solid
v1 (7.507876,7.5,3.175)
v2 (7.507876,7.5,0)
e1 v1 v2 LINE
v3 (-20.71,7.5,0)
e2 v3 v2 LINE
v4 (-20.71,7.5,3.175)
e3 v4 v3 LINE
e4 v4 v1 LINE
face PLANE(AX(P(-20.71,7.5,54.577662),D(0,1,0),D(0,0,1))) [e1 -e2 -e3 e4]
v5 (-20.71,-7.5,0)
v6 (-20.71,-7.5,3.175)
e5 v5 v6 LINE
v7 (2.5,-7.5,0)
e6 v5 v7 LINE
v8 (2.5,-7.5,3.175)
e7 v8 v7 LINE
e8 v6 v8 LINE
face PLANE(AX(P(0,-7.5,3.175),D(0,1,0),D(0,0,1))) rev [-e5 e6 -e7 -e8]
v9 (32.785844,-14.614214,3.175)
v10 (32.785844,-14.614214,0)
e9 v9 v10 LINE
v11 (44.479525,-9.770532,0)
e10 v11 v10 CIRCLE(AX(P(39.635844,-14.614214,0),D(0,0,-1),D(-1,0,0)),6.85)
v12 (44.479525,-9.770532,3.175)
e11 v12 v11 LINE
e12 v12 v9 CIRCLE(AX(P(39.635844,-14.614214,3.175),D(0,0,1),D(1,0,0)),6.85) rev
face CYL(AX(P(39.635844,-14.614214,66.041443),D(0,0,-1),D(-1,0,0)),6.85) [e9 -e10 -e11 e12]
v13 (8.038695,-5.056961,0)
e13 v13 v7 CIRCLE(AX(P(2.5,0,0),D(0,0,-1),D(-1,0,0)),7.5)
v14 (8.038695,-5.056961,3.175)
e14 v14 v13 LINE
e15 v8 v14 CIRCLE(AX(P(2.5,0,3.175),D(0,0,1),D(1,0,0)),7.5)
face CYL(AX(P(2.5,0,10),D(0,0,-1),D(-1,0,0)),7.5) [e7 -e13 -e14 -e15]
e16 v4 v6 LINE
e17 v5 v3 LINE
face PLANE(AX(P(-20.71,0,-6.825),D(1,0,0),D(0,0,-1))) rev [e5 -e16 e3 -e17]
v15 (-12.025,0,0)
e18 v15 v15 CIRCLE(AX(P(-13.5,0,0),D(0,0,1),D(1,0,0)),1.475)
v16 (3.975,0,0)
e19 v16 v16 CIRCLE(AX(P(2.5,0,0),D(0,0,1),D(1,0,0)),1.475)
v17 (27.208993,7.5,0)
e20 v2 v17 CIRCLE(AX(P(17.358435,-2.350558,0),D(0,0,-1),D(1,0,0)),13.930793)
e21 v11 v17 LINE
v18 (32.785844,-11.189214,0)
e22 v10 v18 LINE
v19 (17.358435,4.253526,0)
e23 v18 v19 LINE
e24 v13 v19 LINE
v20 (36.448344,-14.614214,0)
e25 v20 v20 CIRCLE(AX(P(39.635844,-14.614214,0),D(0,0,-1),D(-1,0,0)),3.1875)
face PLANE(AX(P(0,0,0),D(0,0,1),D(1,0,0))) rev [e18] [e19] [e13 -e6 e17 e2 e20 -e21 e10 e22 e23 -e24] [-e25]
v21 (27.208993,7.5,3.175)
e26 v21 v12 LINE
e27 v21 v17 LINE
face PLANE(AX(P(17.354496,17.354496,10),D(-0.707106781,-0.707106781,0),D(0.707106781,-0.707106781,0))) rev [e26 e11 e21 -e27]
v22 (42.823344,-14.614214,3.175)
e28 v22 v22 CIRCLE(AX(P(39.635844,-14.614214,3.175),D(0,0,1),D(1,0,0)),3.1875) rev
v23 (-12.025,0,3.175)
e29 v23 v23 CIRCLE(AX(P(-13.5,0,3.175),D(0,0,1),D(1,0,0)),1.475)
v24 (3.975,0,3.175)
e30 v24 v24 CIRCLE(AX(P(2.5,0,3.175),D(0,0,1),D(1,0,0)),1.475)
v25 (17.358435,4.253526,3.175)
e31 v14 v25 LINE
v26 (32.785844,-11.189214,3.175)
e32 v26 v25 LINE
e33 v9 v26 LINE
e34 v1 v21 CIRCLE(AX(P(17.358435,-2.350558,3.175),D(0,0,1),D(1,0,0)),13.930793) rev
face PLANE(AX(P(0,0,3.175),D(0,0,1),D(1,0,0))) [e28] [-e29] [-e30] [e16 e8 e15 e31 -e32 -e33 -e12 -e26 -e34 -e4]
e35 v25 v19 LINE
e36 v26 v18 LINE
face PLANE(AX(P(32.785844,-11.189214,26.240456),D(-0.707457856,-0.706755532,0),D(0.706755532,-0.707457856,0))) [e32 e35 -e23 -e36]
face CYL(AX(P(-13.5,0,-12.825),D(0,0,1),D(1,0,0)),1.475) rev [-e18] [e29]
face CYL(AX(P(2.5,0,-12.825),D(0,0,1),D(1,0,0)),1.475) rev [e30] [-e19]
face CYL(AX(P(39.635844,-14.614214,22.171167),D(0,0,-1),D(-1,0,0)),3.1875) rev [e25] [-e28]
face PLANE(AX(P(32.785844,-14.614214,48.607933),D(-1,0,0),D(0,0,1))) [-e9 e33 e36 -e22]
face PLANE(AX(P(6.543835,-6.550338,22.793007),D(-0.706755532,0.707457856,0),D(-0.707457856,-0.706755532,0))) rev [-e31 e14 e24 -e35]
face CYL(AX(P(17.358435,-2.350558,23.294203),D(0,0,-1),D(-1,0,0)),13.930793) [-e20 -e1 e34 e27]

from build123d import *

# Parameters (mm, degrees)
SKETCH1_R            = 3.175
SKETCH1_R_2          = 4.8
BOSS_EXTRUDE1_DEPTH  = 3.175
SKETCH2_W            = 15
SKETCH2_H            = 3.175
CUT_EXTRUDE1_DEPTH   = 46.731068487
CUT_EXTRUDE2_START   = -10
CUT_EXTRUDE2_DEPTH   = 10
SKETCH4_W            = 11.581741037
SKETCH4_H            = 5.573186054
BOSS_EXTRUDE2_DEPTH  = 3.175
SKETCH5_R            = 1.475
CUT_EXTRUDE3_DEPTH   = 16
SKETCH6_W            = 21.273258962
SKETCH6_H            = 7.408259511
BOSS_EXTRUDE4_DEPTH  = 3.175
SKETCH12_R           = 4.8
CUT_EXTRUDE5_DEPTH   = 10
SKETCH15_R           = 4.85
BOSS_EXTRUDE10_DEPTH = 3.175
BOSS_EXTRUDE11_DEPTH = 3.175
BOSS_EXTRUDE12_DEPTH = 3.175
CUT_EXTRUDE6_DEPTH   = 10
CUT_EXTRUDE7_DEPTH   = 10
BOSS_EXTRUDE13_DEPTH = 3.175
BOSS_EXTRUDE14_DEPTH = 3.175
CUT_EXTRUDE8_DEPTH   = 10
SKETCH8_W            = 10
SKETCH8_H            = 3.175
CUT_EXTRUDE4_DEPTH   = 10
BOSS_EXTRUDE15_DEPTH = 3.175
CUT_EXTRUDE10_DEPTH  = 10
CUT_EXTRUDE11_DEPTH  = 10
BOSS_EXTRUDE16_DEPTH = 3.175
CUT_EXTRUDE12_DEPTH  = 3.175
BOSS_EXTRUDE18_DEPTH = 3.175
CUT_EXTRUDE13_DEPTH  = 3.175
BOSS_EXTRUDE19_DEPTH = 3.175
SKETCH32_R           = 6.716159248
SKETCH32_R_2         = 3.1875
BOSS_EXTRUDE20_DEPTH = 3.175


with BuildPart() as part:
    # Sketch1 → Boss-Extrude1 (new body)
    with BuildSketch(Plane.XY):
        with BuildLine():
            Line((-37.5, 7.5), (37.5, 7.5))
            ThreePointArc((37.5, 7.5), (45, 0), (37.5, -7.5))
            Line((37.5, -7.5), (-37.5, -7.5))
            ThreePointArc((-37.5, -7.5), (-45, 0), (-37.5, 7.5))
        make_face()
        with Locations((-37.5, 0)):
            Circle(SKETCH1_R, mode=Mode.SUBTRACT)
        with Locations((37.5, 0)):
            Circle(SKETCH1_R_2, mode=Mode.SUBTRACT)
    extrude(amount=BOSS_EXTRUDE1_DEPTH)

    # Sketch2 → Cut-Extrude1 (cut, through all)
    with BuildSketch(Plane.XY.offset(3.175)):
        with Locations((-17.5, 0.21703664)):
            Rectangle(SKETCH2_W, SKETCH2_H)
        with Locations((17.5, 0.853492694)):
            Rectangle(SKETCH2_W, SKETCH2_H)
    extrude(amount=-CUT_EXTRUDE1_DEPTH, mode=Mode.SUBTRACT)

    # Sketch3 → Cut-Extrude2 (cut)
    with BuildSketch(Plane.XY.offset(3.175).offset(CUT_EXTRUDE2_START)):
        with BuildLine():
            Line((-56.505330914, 0), (-45, 0))
            ThreePointArc((-45, 0), (-42.803300859, 5.303300859), (-37.5, 7.5))
            Line((-37.5, 7.5), (-20.71, 7.5))
            Line((-20.71, 7.5), (-20.71, 17.128469338))
            Line((-20.71, 17.128469338), (-56.505330914, 17.128469338))
            Line((-56.505330914, 17.128469338), (-56.505330914, 0))
        make_face()
        with BuildLine():
            ThreePointArc((-37.5, -7.5), (-42.803300859, -5.303300859), (-45, 0))
            Line((-45, 0), (-56.505330914, 0))
            Line((-56.505330914, 0), (-56.505330914, -10.2398458))
            Line((-56.505330914, -10.2398458), (-20.71, -10.2398458))
            Line((-20.71, -10.2398458), (-20.71, -7.5))
            Line((-20.71, -7.5), (-37.5, -7.5))
        make_face()
        with BuildLine():
            ThreePointArc((-40.675, 0), (-37.5, 3.175), (-34.325, 0))
            Line((-34.325, 0), (-25, 0))
            Line((-25, 0), (-25, 1.80453664))
            Line((-25, 1.80453664), (-20.71, 1.80453664))
            Line((-20.71, 1.80453664), (-20.71, 7.5))
            Line((-20.71, 7.5), (-37.5, 7.5))
            ThreePointArc((-37.5, 7.5), (-42.803300859, 5.303300859), (-45, 0))
            Line((-45, 0), (-40.675, 0))
        make_face()
        with BuildLine():
            Line((-25, 0), (-34.325, 0))
            ThreePointArc((-34.325, 0), (-37.5, -3.175), (-40.675, 0))
            Line((-40.675, 0), (-45, 0))
            ThreePointArc((-45, 0), (-42.803300859, -5.303300859), (-37.5, -7.5))
            Line((-37.5, -7.5), (-20.71, -7.5))
            Line((-20.71, -7.5), (-20.71, -1.37046336))
            Line((-20.71, -1.37046336), (-25, -1.37046336))
            Line((-25, -1.37046336), (-25, 0))
        make_face()
    extrude(amount=CUT_EXTRUDE2_DEPTH, mode=Mode.SUBTRACT)

    # Sketch4 → Boss-Extrude2 (add)
    with BuildSketch(Plane.XY.offset(3.175)):
        with Locations((-14.919129482, -0.129821549)):
            Rectangle(SKETCH4_W, SKETCH4_H)
    extrude(amount=-BOSS_EXTRUDE2_DEPTH)

    # Sketch5 → Cut-Extrude3 (cut)
    with BuildSketch(Plane.XY.offset(3.175)):
        with Locations((-13.5, 0)):
            Circle(SKETCH5_R)
        with Locations((2.5, 0)):
            Circle(SKETCH5_R)
    extrude(amount=-CUT_EXTRUDE3_DEPTH, mode=Mode.SUBTRACT)

    # Sketch6 → Boss-Extrude4 (add)
    with BuildSketch(Plane.XY.offset(3.175)):
        with Locations((18.907585517, 0.667769414)):
            Rectangle(SKETCH6_W, SKETCH6_H)
    extrude(amount=-BOSS_EXTRUDE4_DEPTH)

    # Sketch12 → Cut-Extrude5 (cut)
    # profile 1 of 2: a face of its own
    with BuildSketch(Plane(origin=(0, 0, 0), x_dir=(-1, 0, 0), z_dir=(0, 0, -1))):
        with BuildLine():
            Line((-2.5, 7.5), (-37.5, 7.5))
            ThreePointArc((-37.5, 7.5), (-32.196699141, 5.303300859), (-30, 0))
            ThreePointArc((-30, 0), (-32.196699141, -5.303300859), (-37.5, -7.5))
            Line((-37.5, -7.5), (-2.5, -7.5))
            ThreePointArc((-2.5, -7.5), (-10, 0), (-2.5, 7.5))
        make_face()
    # profile 2 of 2: a face of its own
    with BuildSketch(Plane(origin=(0, 0, 0), x_dir=(-1, 0, 0), z_dir=(0, 0, -1))):
        with BuildLine():
            ThreePointArc((-30, 0), (-32.196699141, 5.303300859), (-37.5, 7.5))
            ThreePointArc((-37.5, 7.5), (-45, 0), (-37.5, -7.5))
            ThreePointArc((-37.5, -7.5), (-32.196699141, -5.303300859), (-30, 0))
        make_face()
        with Locations((-37.5, 0)):
            Circle(SKETCH12_R, mode=Mode.SUBTRACT)
    extrude(amount=-CUT_EXTRUDE5_DEPTH, mode=Mode.SUBTRACT)

    # Sketch15 → Boss-Extrude10 (add)
    with BuildSketch(Plane(origin=(0, 0, 0), x_dir=(-1, 0, 0), z_dir=(0, 0, -1))):
        with BuildLine():
            ThreePointArc((-46.001929081, -17.143138466), (-35.871769222, -20.337345998), (-34.79216247, -9.770532392))
            Line((-34.79216247, -9.770532392), (-34.739826286, -9.718196208))
            ThreePointArc((-34.739826286, -9.718196208), (-27.229011247, 7.510815039), (-10, 0))
            ThreePointArc((-10, 0), (-7.803300859, 5.303300859), (-2.5, 7.5))
            ThreePointArc((-2.5, 7.5), (-36.707777113, 17.168137065), (-46.001929081, -17.143138466))
        make_face()
        with Locations((-39.635843921, -14.614213843)):
            Circle(SKETCH15_R, mode=Mode.SUBTRACT)
    extrude(amount=-BOSS_EXTRUDE10_DEPTH)

    # Sketch16 → Boss-Extrude11 (add)
    with BuildSketch(Plane(origin=(0, 0, 0), x_dir=(-1, 0, 0), z_dir=(0, 0, -1))):
        with BuildLine():
            Line((-21.509690563, 8.403088845), (-7.803300859, -5.303300859))
            ThreePointArc((-7.803300859, -5.303300859), (-9.429096494, -2.870125743), (-10, 0))
            ThreePointArc((-10, 0), (-14.533325981, 5.874656467), (-21.509690563, 8.403088845))
        make_face()
    extrude(amount=-BOSS_EXTRUDE11_DEPTH)

    # Sketch17 → Boss-Extrude12 (add)
    with BuildSketch(Plane(origin=(0, 0, 0), x_dir=(-1, 0, 0), z_dir=(0, 0, -1))):
        with BuildLine():
            Line((-20.755882022, 9.519320843), (-23.45404322, 8.658356332))
            ThreePointArc((-23.45404322, 8.658356332), (-23.129421083, 8.546024811), (-22.808422976, 8.423721426))
            ThreePointArc((-22.808422976, 8.423721426), (-22.158804554, 8.429280981), (-21.509690563, 8.403088845))
            Line((-21.509690563, 8.403088845), (-19.064115898, 5.95751418))
            Line((-19.064115898, 5.95751418), (-20.755882022, 9.519320843))
        make_face()
        with BuildLine():
            ThreePointArc((-21.509690563, 8.403088845), (-22.158804554, 8.429280981), (-22.808422976, 8.423721426))
            ThreePointArc((-22.808422976, 8.423721426), (-20.81070119, 7.38126118), (-19.064115898, 5.95751418))
            Line((-19.064115898, 5.95751418), (-21.509690563, 8.403088845))
        make_face()
        with BuildLine():
            ThreePointArc((-23.45404322, 8.658356332), (-36.40040662, 3.921172604), (-34.79216247, -9.770532392))
            Line((-34.79216247, -9.770532392), (-34.739826286, -9.718196208))
            ThreePointArc((-34.739826286, -9.718196208), (-33.473796187, 2.443597762), (-22.808422976, 8.423721426))
            ThreePointArc((-22.808422976, 8.423721426), (-23.129421083, 8.546024811), (-23.45404322, 8.658356332))
        make_face()
        with BuildLine():
            ThreePointArc((-22.808422976, 8.423721426), (-33.473796187, 2.443597762), (-34.739826286, -9.718196208))
            Line((-34.739826286, -9.718196208), (-32.925869648, -7.90423957))
            Line((-32.925869648, -7.90423957), (-19.064115898, 5.95751418))
            ThreePointArc((-19.064115898, 5.95751418), (-20.81070119, 7.38126118), (-22.808422976, 8.423721426))
        make_face()
    extrude(amount=-BOSS_EXTRUDE12_DEPTH)

    # Sketch18 → Cut-Extrude6 (cut)
    with BuildSketch(Plane(origin=(0, 0, 0), x_dir=(-1, 0, 0), z_dir=(0, 0, -1))):
        Polygon((-49.385473713, -4.584123483), (-24.385473713, 20.415876517), (-30.56765092, 24.378047278), (-55.403941692, 2.136458495), align=None)
    extrude(amount=-CUT_EXTRUDE6_DEPTH, mode=Mode.SUBTRACT)

    # Sketch19 → Cut-Extrude7 (cut)
    with BuildSketch(Plane(origin=(0, 0, 0), x_dir=(-1, 0, 0), z_dir=(0, 0, -1))):
        with BuildLine():
            ThreePointArc((-46.001929081, -17.143138466), (-46.344312222, -13.228951032), (-44.479525373, -9.770532392))
            Line((-44.479525373, -9.770532392), (-15.809929944, 18.899063036))
            ThreePointArc((-15.809929944, 18.899063036), (-20.031146151, 20.033752776), (-24.385473713, 20.415876517))
            Line((-24.385473713, 20.415876517), (-49.385473713, -4.584123483))
            ThreePointArc((-49.385473713, -4.584123483), (-48.524771385, -11.08753089), (-46.001929081, -17.143138466))
        make_face()
    extrude(amount=-CUT_EXTRUDE7_DEPTH, mode=Mode.SUBTRACT)

    # Sketch20 → Boss-Extrude13 (add)
    with BuildSketch(Plane(origin=(0, 0, 0), x_dir=(-1, 0, 0), z_dir=(0, 0, -1))):
        with BuildLine():
            Line((-32.785843921, -14.614213843), (-32.785843921, -7.764213843))
            ThreePointArc((-32.785843921, -7.764213843), (-34.411726772, -8.208442505), (-35.585840533, -9.417694765))
            Line((-35.585840533, -9.417694765), (-32.785843921, -14.614213843))
        make_face()
        Polygon((-46.485843921, -14.614213843), (-46.485843921, -7.764213843), (-15.809929944, 18.899063036), align=None)
    extrude(amount=-BOSS_EXTRUDE13_DEPTH)

    # Sketch21 → Boss-Extrude14 (add)
    with BuildSketch(Plane(origin=(0, 0, 0), x_dir=(-1, 0, 0), z_dir=(0, 0, -1))):
        with BuildLine():
            Line((-15.809929944, 18.899063036), (-3.494683458, 5.188322232))
            Line((-3.494683458, 5.188322232), (20.71, 7.5))
            ThreePointArc((20.71, 7.5), (3.510589711, 16.597300494), (-15.809929944, 18.899063036))
        make_face()
    extrude(amount=-BOSS_EXTRUDE14_DEPTH)

    # Sketch22 → Cut-Extrude8 (cut)
    with BuildSketch(Plane(origin=(0, 0, 0), x_dir=(-1, 0, 0), z_dir=(0, 0, -1))):
        with BuildLine():
            ThreePointArc((-7.803300859, -5.303300859), (-9.665367717, 2.215289028), (-3.884823194, 7.371042309))
            Line((-3.884823194, 7.371042309), (-19.064115898, 5.95751418))
            Line((-19.064115898, 5.95751418), (-7.803300859, -5.303300859))
        make_face()
    extrude(amount=-CUT_EXTRUDE8_DEPTH, mode=Mode.SUBTRACT)

    # Sketch8 → Cut-Extrude4 (cut)
    with BuildSketch(Plane.XY.offset(3.175)):
        with Locations((19, 0)):
            Rectangle(SKETCH8_W, SKETCH8_H)
    extrude(amount=-CUT_EXTRUDE4_DEPTH, mode=Mode.SUBTRACT)

    # Sketch24 → Boss-Extrude15 (add)
    with BuildSketch(Plane(origin=(0, 0, 0), x_dir=(-1, 0, 0), z_dir=(0, 0, -1))):
        Polygon((-32.785843921, -7.764213843), (-19.064115898, 5.95751418), (-25.92497991, 1.835763138), align=None)
    extrude(amount=-BOSS_EXTRUDE15_DEPTH)

    # Sketch25 → Cut-Extrude10 (cut)
    with BuildSketch(Plane(origin=(0, 0, 0), x_dir=(-1, 0, 0), z_dir=(0, 0, -1))):
        with BuildLine():
            ThreePointArc((-46.485843921, -14.614213843), (-45.964418719, -11.992832332), (-44.479525373, -9.770532392))
            Line((-44.479525373, -9.770532392), (-15.809929944, 18.899063036))
            Line((-15.809929944, 18.899063036), (-46.485843921, -7.764213843))
            Line((-46.485843921, -7.764213843), (-46.485843921, -14.614213843))
        make_face()
    extrude(amount=-CUT_EXTRUDE10_DEPTH, mode=Mode.SUBTRACT)

    # Sketch26 → Cut-Extrude11 (cut)
    with BuildSketch(Plane(origin=(0, 0, 0), x_dir=(-1, 0, 0), z_dir=(0, 0, -1))):
        with BuildLine():
            Line((-15.809929944, 18.899063036), (-23.907797349, 10.801195631))
            ThreePointArc((-23.907797349, 10.801195631), (-1.26089762, 15.105031891), (20.545662044, 7.629804166))
            ThreePointArc((20.545662044, 7.629804166), (3.410605692, 16.628400783), (-15.809929944, 18.899063036))
        make_face()
        with BuildLine():
            Line((-24.462923893, 21.153371093), (-23.907797349, 10.801195631))
            Line((-23.907797349, 10.801195631), (-15.809929944, 18.899063036))
            ThreePointArc((-15.809929944, 18.899063036), (3.410605692, 16.628400783), (20.545662044, 7.629804166))
            Line((20.545662044, 7.629804166), (12.510465987, 32.510755223))
            Line((12.510465987, 32.510755223), (-24.462923893, 21.153371093))
        make_face()
    extrude(amount=-CUT_EXTRUDE11_DEPTH, mode=Mode.SUBTRACT)

    # Sketch27 → Boss-Extrude16 (add)
    with BuildSketch(Plane(origin=(0, 0, 0), x_dir=(-1, 0, 0), z_dir=(0, 0, -1))):
        with BuildLine():
            ThreePointArc((-8.038695105, -5.056961196), (-9.359104011, -3.033593935), (-9.967690986, -0.69540732))
            ThreePointArc((-9.967690986, -0.69540732), (-8.488209602, 4.515677775), (-3.884823194, 7.371042309))
            Line((-3.884823194, 7.371042309), (-19.064115898, 5.95751418))
            Line((-19.064115898, 5.95751418), (-8.038695105, -5.056961196))
        make_face()
    extrude(amount=-BOSS_EXTRUDE16_DEPTH)

    # Sketch28 → Cut-Extrude12 (cut)
    with BuildSketch(Plane(origin=(0, 0, 0), x_dir=(-1, 0, 0), z_dir=(0, 0, -1))):
        Polygon((20.71, 7.5), (-23.907797349, 10.801195631), (-10.730396659, 19.898602306), (15.158212603, 17.043524683), align=None)
    extrude(amount=-CUT_EXTRUDE12_DEPTH, mode=Mode.SUBTRACT)

    # Sketch29 → Boss-Extrude18 (add)
    with BuildSketch(Plane(origin=(0, 0, 0), x_dir=(-1, 0, 0), z_dir=(0, 0, -1))):
        Polygon((-19.064115898, 5.95751418), (-32.785843921, -7.764213843), (-32.785843921, -11.189213843), (-17.358434587, 4.253526174), align=None)
    extrude(amount=-BOSS_EXTRUDE18_DEPTH)

    # Sketch30 → Cut-Extrude13 (cut)
    with BuildSketch(Plane(origin=(0, 0, 0), x_dir=(-1, 0, 0), z_dir=(0, 0, -1))):
        Polygon((20.71, 7.5), (-29.726171722, 7.5), (-24.020649075, 17.421001934), align=None)
    extrude(amount=-CUT_EXTRUDE13_DEPTH, mode=Mode.SUBTRACT)

    # Sketch31 → Boss-Extrude19 (add)
    with BuildSketch(Plane(origin=(0, 0, 0), x_dir=(-1, 0, 0), z_dir=(0, 0, -1))):
        with BuildLine():
            Line((-27.20899298, 7.5), (-7.507876194, 7.5))
            ThreePointArc((-7.507876194, 7.5), (-17.358434587, 11.580234883), (-27.20899298, 7.5))
        make_face()
    extrude(amount=-BOSS_EXTRUDE19_DEPTH)

    # Sketch32 → Boss-Extrude20 (add)
    with BuildSketch(Plane(origin=(0, 0, 0), x_dir=(-1, 0, 0), z_dir=(0, 0, -1))):
        with Locations((-39.635843921, -14.614213843)):
            Circle(SKETCH32_R)
        with Locations((-39.635843921, -14.614213843)):
            Circle(SKETCH32_R_2, mode=Mode.SUBTRACT)
    extrude(amount=-BOSS_EXTRUDE20_DEPTH)


solid = part.part
